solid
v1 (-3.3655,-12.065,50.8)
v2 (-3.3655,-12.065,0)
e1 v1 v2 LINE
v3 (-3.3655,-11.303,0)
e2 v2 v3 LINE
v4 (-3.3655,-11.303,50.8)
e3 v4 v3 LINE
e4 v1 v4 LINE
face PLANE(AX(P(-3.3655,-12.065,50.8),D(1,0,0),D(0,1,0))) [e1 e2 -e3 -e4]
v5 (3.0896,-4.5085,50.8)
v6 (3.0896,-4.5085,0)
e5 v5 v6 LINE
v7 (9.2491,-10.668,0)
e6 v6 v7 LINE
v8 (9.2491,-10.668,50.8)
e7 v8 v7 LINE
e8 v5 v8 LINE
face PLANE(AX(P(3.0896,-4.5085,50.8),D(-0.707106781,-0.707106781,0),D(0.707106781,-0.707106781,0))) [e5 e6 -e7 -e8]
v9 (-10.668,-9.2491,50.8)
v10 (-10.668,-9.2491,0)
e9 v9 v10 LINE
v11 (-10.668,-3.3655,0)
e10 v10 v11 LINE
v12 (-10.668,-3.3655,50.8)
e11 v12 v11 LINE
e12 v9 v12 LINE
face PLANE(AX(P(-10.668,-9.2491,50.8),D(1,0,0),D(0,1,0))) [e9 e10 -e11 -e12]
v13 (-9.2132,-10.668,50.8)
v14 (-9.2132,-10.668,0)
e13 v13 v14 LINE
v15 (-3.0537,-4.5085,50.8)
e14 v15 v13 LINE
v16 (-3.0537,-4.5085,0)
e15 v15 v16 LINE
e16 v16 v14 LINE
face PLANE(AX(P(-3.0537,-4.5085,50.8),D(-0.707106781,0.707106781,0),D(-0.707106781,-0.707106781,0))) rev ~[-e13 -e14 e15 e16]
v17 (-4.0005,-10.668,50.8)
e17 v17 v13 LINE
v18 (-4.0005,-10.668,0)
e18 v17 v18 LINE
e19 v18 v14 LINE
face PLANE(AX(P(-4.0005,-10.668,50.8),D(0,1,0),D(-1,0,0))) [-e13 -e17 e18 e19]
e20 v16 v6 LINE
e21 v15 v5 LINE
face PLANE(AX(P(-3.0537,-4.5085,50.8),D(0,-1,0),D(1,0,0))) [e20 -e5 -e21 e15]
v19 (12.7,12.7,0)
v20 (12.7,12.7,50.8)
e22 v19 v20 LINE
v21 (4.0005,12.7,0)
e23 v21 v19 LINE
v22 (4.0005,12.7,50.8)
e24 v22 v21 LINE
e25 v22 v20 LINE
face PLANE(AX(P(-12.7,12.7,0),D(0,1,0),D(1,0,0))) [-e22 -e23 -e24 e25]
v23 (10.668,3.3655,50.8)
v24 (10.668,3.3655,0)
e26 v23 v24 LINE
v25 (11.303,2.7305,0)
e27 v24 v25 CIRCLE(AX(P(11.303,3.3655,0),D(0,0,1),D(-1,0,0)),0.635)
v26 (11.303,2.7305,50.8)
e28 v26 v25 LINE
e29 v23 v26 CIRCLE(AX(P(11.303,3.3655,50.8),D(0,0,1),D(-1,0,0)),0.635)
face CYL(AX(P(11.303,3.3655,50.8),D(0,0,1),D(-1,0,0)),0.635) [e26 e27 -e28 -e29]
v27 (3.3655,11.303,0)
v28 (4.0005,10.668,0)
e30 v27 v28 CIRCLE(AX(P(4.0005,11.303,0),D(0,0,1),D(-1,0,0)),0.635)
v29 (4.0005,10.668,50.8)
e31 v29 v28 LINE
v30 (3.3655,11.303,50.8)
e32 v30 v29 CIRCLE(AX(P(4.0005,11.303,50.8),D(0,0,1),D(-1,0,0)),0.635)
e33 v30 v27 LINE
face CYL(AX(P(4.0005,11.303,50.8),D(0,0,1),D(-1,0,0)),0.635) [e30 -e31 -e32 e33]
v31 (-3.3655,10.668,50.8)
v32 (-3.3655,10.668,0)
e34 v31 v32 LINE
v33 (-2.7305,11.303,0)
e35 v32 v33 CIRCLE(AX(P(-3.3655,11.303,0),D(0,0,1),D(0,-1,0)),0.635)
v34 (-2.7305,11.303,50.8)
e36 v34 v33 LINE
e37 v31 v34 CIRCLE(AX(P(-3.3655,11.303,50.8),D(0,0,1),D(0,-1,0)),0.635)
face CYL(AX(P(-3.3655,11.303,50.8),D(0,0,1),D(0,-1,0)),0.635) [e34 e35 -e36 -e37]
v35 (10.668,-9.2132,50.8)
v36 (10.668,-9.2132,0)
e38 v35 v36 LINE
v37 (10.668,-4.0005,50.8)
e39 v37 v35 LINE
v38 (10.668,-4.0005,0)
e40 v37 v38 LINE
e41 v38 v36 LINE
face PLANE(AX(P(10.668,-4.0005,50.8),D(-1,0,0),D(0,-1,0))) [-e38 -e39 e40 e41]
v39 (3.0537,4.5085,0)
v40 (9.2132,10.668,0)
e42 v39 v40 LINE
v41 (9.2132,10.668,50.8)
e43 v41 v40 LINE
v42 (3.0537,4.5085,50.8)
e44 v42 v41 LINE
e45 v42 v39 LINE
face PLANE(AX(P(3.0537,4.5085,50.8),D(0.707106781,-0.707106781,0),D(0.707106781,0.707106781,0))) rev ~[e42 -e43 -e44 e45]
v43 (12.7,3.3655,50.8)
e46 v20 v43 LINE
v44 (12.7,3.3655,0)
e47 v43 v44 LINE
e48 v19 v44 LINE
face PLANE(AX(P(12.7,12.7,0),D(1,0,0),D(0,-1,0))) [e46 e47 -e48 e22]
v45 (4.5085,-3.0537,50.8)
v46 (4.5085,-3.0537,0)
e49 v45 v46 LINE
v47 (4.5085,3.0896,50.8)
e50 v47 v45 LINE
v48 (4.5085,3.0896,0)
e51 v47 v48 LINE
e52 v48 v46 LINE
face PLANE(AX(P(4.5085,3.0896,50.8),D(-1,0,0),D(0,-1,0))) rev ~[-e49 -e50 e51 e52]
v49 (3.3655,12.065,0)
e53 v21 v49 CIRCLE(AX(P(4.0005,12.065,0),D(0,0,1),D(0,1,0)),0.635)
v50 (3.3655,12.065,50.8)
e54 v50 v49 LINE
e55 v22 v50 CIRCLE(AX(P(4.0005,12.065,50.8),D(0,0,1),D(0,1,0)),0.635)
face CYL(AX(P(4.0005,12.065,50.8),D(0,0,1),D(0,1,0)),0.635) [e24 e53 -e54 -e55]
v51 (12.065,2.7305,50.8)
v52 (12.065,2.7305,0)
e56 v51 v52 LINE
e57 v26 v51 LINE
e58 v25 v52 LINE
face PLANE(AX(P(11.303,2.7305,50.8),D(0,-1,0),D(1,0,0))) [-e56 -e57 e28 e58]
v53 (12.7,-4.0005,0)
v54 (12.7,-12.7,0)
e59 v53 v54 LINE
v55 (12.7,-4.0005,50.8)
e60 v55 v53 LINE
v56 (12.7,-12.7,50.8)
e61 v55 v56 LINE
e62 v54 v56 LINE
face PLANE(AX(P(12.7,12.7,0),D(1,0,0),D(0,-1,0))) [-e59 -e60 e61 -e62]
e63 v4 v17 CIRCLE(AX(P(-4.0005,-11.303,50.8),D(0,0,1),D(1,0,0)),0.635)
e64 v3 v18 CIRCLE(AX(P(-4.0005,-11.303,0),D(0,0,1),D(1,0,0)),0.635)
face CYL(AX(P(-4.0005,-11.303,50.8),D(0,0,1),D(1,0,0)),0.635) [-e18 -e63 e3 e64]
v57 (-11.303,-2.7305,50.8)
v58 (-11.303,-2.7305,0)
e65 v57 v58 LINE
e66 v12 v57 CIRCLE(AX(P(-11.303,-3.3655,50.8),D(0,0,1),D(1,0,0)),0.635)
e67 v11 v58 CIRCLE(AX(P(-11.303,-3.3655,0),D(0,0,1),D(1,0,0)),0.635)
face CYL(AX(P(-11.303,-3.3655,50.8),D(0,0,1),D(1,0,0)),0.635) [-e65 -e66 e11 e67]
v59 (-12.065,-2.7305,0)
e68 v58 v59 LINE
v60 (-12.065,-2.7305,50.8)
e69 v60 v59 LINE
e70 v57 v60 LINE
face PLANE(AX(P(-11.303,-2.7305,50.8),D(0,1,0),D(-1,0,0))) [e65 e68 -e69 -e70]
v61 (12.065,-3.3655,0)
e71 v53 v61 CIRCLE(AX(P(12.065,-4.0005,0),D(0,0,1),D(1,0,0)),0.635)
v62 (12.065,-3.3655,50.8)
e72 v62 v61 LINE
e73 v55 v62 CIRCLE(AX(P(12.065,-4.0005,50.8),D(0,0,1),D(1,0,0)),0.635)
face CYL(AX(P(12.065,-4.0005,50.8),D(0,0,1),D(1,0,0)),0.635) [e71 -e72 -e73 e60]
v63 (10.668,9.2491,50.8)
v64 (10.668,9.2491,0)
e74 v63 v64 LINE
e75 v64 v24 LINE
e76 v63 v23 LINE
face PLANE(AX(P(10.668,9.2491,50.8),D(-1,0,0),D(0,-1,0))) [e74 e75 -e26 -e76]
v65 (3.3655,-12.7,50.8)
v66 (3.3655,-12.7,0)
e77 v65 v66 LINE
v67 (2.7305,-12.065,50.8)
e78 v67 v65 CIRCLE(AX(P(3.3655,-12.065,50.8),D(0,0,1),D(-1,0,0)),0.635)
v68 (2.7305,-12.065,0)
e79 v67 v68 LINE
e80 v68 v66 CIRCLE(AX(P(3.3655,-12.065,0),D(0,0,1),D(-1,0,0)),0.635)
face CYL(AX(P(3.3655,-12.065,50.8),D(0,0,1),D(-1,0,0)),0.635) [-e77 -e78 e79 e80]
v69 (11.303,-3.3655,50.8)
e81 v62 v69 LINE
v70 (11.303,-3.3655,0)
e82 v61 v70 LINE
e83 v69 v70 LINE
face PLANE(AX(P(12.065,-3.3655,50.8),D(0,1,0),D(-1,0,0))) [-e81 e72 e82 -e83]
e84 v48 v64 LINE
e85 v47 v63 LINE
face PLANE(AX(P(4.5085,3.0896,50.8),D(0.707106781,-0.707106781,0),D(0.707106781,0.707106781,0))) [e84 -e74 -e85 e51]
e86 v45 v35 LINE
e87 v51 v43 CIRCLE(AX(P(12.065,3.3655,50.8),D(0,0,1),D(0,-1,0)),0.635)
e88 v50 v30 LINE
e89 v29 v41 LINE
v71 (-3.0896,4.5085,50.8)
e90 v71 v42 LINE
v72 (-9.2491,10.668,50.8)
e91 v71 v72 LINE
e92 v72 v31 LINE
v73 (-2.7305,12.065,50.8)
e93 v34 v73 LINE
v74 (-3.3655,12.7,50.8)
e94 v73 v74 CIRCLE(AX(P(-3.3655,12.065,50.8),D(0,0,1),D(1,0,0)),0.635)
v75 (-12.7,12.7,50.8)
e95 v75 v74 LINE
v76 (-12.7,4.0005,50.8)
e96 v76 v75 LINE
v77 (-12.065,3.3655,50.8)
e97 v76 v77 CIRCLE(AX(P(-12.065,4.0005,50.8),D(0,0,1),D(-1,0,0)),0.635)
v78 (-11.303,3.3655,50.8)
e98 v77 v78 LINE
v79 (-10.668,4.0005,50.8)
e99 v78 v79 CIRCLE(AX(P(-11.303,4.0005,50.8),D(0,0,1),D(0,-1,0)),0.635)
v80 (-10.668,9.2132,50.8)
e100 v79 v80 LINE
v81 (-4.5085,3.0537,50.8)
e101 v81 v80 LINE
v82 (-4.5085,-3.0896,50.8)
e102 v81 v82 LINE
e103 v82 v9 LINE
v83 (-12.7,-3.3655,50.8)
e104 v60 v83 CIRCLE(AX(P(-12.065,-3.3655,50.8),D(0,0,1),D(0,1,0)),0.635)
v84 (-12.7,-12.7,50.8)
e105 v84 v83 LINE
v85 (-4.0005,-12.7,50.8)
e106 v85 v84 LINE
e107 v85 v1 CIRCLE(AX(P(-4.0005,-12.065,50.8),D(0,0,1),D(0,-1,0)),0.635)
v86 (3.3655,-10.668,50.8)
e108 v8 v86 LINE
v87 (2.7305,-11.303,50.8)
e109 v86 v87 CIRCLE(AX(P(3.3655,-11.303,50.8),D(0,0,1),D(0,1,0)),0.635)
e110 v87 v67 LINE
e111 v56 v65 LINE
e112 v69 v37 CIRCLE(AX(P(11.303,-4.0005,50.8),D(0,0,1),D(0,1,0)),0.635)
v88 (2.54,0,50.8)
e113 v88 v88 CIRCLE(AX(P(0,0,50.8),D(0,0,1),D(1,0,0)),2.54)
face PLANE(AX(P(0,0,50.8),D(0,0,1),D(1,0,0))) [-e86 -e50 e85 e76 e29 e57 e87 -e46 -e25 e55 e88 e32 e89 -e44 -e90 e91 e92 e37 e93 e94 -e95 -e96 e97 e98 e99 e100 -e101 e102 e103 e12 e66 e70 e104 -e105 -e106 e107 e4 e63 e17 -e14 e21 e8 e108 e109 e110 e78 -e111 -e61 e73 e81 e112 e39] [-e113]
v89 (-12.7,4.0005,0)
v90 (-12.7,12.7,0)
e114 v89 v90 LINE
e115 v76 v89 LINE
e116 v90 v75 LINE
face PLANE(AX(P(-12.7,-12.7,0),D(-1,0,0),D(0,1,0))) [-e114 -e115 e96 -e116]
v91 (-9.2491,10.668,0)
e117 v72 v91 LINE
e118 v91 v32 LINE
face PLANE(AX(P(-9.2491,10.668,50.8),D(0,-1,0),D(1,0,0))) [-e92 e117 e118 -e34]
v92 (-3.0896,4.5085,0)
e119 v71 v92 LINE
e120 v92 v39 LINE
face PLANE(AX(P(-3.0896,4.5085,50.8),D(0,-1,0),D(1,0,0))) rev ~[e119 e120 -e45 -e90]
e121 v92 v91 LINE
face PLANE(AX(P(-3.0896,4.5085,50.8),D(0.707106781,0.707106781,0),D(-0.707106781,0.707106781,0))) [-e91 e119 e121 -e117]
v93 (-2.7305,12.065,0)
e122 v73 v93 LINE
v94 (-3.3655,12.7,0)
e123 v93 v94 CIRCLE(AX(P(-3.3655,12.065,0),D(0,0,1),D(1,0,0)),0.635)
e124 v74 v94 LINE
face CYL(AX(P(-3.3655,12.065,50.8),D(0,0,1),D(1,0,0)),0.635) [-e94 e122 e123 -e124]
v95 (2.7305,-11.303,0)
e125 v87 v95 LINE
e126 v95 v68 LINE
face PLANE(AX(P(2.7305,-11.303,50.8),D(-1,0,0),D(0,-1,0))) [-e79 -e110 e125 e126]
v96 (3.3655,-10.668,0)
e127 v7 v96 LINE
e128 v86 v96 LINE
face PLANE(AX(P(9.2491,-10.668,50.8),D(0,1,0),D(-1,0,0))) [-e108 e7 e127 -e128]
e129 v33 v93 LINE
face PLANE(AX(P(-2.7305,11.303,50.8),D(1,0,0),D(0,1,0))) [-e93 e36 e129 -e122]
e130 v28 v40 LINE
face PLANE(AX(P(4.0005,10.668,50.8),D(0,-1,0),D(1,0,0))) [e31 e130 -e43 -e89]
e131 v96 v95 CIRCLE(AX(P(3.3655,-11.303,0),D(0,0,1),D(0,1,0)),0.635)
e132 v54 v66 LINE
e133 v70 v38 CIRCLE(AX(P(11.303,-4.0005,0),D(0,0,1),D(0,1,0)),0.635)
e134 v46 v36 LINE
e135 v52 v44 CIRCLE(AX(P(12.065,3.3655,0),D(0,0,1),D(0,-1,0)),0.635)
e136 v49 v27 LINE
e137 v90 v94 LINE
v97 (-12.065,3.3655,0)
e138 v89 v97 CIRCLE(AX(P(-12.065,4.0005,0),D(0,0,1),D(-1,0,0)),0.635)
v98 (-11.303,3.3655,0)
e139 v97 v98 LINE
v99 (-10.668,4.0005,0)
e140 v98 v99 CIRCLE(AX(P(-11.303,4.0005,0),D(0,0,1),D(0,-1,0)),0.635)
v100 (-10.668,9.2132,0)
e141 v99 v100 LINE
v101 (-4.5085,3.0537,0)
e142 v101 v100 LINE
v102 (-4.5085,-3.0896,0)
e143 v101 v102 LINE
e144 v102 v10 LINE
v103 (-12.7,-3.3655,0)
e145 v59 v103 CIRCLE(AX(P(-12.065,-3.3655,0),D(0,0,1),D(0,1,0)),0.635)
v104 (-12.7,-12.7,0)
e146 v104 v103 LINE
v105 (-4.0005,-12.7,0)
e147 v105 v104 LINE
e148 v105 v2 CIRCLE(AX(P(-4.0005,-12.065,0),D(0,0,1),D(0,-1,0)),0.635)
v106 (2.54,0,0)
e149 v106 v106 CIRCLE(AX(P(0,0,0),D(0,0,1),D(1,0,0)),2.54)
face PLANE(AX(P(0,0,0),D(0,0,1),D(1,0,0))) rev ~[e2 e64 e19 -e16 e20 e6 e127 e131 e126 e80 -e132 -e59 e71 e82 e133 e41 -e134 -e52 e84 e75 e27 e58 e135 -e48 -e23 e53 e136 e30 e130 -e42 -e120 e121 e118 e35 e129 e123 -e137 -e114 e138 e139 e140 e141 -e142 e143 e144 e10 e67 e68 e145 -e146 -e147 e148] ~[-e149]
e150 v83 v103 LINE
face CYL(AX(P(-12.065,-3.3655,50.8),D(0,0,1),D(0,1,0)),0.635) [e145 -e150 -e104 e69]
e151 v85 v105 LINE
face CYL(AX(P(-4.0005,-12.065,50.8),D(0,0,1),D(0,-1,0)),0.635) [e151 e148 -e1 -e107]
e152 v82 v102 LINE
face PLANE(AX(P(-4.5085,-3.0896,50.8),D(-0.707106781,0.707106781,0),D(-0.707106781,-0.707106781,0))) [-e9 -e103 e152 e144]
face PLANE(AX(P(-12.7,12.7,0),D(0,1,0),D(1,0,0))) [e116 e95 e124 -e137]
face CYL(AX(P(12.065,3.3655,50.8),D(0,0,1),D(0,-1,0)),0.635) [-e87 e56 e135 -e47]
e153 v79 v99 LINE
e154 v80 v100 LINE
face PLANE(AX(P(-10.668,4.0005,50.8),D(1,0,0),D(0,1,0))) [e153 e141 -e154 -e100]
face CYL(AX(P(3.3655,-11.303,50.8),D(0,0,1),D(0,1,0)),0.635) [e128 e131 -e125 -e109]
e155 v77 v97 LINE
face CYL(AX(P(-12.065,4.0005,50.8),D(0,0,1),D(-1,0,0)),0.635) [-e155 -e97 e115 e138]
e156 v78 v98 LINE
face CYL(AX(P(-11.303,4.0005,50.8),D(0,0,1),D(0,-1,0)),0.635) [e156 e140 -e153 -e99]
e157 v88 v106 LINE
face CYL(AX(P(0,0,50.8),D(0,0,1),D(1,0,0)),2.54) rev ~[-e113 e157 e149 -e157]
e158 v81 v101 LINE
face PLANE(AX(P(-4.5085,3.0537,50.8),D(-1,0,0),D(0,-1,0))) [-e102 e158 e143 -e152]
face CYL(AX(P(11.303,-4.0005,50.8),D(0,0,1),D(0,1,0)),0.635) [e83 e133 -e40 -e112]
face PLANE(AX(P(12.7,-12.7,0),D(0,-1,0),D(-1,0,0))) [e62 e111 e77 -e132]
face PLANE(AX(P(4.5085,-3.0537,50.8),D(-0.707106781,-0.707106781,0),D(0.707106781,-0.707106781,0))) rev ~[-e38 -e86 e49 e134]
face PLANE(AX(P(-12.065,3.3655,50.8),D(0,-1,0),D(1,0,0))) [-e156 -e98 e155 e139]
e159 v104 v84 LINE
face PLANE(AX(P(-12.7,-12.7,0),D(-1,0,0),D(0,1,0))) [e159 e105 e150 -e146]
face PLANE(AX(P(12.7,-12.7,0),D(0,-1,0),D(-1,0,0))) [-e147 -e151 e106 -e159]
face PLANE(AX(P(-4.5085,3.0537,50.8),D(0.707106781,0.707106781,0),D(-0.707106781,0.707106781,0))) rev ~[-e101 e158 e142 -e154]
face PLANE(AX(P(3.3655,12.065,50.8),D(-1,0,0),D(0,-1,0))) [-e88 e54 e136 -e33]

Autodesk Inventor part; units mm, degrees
ref_plane "YZ Plane" through (0, 0, 0) normal (1, 0, 0) x (0, 1, 0)
ref_plane "XZ Plane" through (0, 0, 0) normal (0, 1, 0) x (-1, 0, 0)
ref_plane "XY Plane" through (0, 0, 0) normal (0, 0, 1) x (1, 0, 0)
sketch "Sketch1" plane through (0, 0, 0) normal (0, 0, 1) x (1, 0, 0)
  line L0 (-12.7, 12.7) -> (12.7, 12.7)
  line L1 (12.7, 12.7) -> (12.7, -12.7)
  line L2 (12.7, -12.7) -> (-12.7, -12.7)
  line L3 (-12.7, -12.7) -> (-12.7, 12.7)
  point P0 (0, 0)
  dimension "d0" = 25.4
  dimension "d1" = 25.4
  dimension "d2" = 12.7
  dimension "d3" = 12.7
extrude "Extrusion1" add sketch "Sketch1" along normal blind 50.8
sketch "Sketch2" plane through (0, 0, 50.8) normal (0, 0, 1) x (1, 0, 0)
  circle A0 centre (0, 0) radius 2.54
  line L0 (-4.5085, 4.5085) -> (4.5085, 4.5085)
  line L1 (-4.5085, -4.5085) -> (4.5085, -4.5085)
  line L2 (4.5085, 4.5085) -> (4.5085, -4.5085)
  line L3 (-4.5085, 4.5085) -> (-4.5085, -4.5085)
  line L4 (-3.0896, 4.5085) -> (-11.2811, 12.7)
  line L5 (-4.5085, 3.0537) -> (-12.7, 11.2452)
  line L6 (12.7, 12.7) -> (-12.7, 12.7) projected
  line L7 (-12.7, 12.7) -> (-12.7, 4.0005)
  line L8 (-10.668, 4.0005) -> (-10.668, 9.2132)
  line L9 (-9.2491, 10.668) -> (-3.3655, 10.668)
  line L10 (-12.7, 12.7) -> (-3.3655, 12.7)
  line L11 (-2.7305, 11.303) -> (-2.7305, 12.065)
  line L12 (-12.065, 3.3655) -> (-11.303, 3.3655)
  arc A1 (-12.7, 4.0005) -> (-12.065, 3.3655) centre (-12.065, 4.0005) ccw
  arc A2 (-11.303, 3.3655) -> (-10.668, 4.0005) centre (-11.303, 4.0005) ccw
  arc A3 (-3.3655, 10.668) -> (-2.7305, 11.303) centre (-3.3655, 11.303) ccw
  arc A4 (-2.7305, 12.065) -> (-3.3655, 12.7) centre (-3.3655, 12.065) ccw
  arc A5 (-3.3655, -11.303) -> (-4.0005, -10.668) centre (-4.0005, -11.303) ccw
  line L13 (-3.3655, -12.065) -> (-3.3655, -11.303)
  arc A6 (-4.0005, -12.7) -> (-3.3655, -12.065) centre (-4.0005, -12.065) ccw
  line L14 (-3.0537, -4.5085) -> (-11.2452, -12.7)
  line L15 (-10.668, -9.2491) -> (-10.668, -3.3655)
  line L16 (-4.5085, -3.0896) -> (-12.7, -11.2811)
  line L17 (-12.7, -12.7) -> (-12.7, -3.3655)
  arc A7 (-10.668, -3.3655) -> (-11.303, -2.7305) centre (-11.303, -3.3655) ccw
  line L18 (-11.303, -2.7305) -> (-12.065, -2.7305)
  arc A8 (-12.065, -2.7305) -> (-12.7, -3.3655) centre (-12.065, -3.3655) ccw
  line L19 (-4.0005, -10.668) -> (-9.2132, -10.668)
  line L20 (-12.7, -12.7) -> (-4.0005, -12.7)
  arc A9 (11.303, -3.3655) -> (10.668, -4.0005) centre (11.303, -4.0005) ccw
  line L21 (12.065, -3.3655) -> (11.303, -3.3655)
  arc A10 (12.7, -4.0005) -> (12.065, -3.3655) centre (12.065, -4.0005) ccw
  line L22 (4.5085, -3.0537) -> (12.7, -11.2452)
  line L23 (9.2491, -10.668) -> (3.3655, -10.668)
  line L24 (3.0896, -4.5085) -> (11.2811, -12.7)
  line L25 (12.7, -12.7) -> (3.3655, -12.7)
  arc A11 (3.3655, -10.668) -> (2.7305, -11.303) centre (3.3655, -11.303) ccw
  line L26 (2.7305, -11.303) -> (2.7305, -12.065)
  arc A12 (2.7305, -12.065) -> (3.3655, -12.7) centre (3.3655, -12.065) ccw
  line L27 (10.668, -4.0005) -> (10.668, -9.2132)
  line L28 (12.7, -12.7) -> (12.7, -4.0005)
  arc A13 (3.3655, 11.303) -> (4.0005, 10.668) centre (4.0005, 11.303) ccw
  line L29 (3.3655, 12.065) -> (3.3655, 11.303)
  arc A14 (4.0005, 12.7) -> (3.3655, 12.065) centre (4.0005, 12.065) ccw
  line L30 (3.0537, 4.5085) -> (11.2452, 12.7)
  line L31 (10.668, 9.2491) -> (10.668, 3.3655)
  line L32 (4.5085, 3.0896) -> (12.7, 11.2811)
  line L33 (12.7, 12.7) -> (12.7, 3.3655)
  arc A15 (10.668, 3.3655) -> (11.303, 2.7305) centre (11.303, 3.3655) ccw
  line L34 (11.303, 2.7305) -> (12.065, 2.7305)
  arc A16 (12.065, 2.7305) -> (12.7, 3.3655) centre (12.065, 3.3655) ccw
  line L35 (4.0005, 10.668) -> (9.2132, 10.668)
  line L36 (12.7, 12.7) -> (4.0005, 12.7)
  line L37 (-4.5085, 3.0537) -> (-4.5085, 4.5085)
  line L38 (-3.0896, 4.5085) -> (-4.5085, 4.5085)
  line L39 (-12.7, -12.7) -> (-4.0005, -12.7)
  line L40 (-4.0005, -10.668) -> (-9.2132, -10.668)
  line L41 (-10.668, -9.2491) -> (-10.668, -3.3655)
  line L42 (-12.7, -12.7) -> (-12.7, -3.3655)
  line L43 (-11.303, -2.7305) -> (-12.065, -2.7305)
  arc A17 (-10.668, -3.3655) -> (-11.303, -2.7305) centre (-11.303, -3.3655) ccw
  arc A18 (-12.065, -2.7305) -> (-12.7, -3.3655) centre (-12.065, -3.3655) ccw
  line L44 (-4.5085, -3.0896) -> (-4.5085, -4.5085)
  line L45 (-4.5085, -3.0896) -> (-12.7, -11.2811)
  line L46 (-3.0537, -4.5085) -> (-4.5085, -4.5085)
  line L47 (-3.0537, -4.5085) -> (-11.2452, -12.7)
  line L48 (-4.5085, -4.5085) -> (-4.5085, 4.5085)
  circle A19 centre (0, 0) radius 2.54
  line L49 (-4.5085, -4.5085) -> (4.5085, -4.5085)
  line L50 (-3.3655, -12.065) -> (-3.3655, -11.303)
  arc A20 (-4.0005, -12.7) -> (-3.3655, -12.065) centre (-4.0005, -12.065) ccw
  arc A21 (-3.3655, -11.303) -> (-4.0005, -10.668) centre (-4.0005, -11.303) ccw
  line L51 (12.7, -12.7) -> (12.7, -4.0005)
  line L52 (10.668, -4.0005) -> (10.668, -9.2132)
  line L53 (9.2491, -10.668) -> (3.3655, -10.668)
  line L54 (12.7, -12.7) -> (3.3655, -12.7)
  line L55 (2.7305, -11.303) -> (2.7305, -12.065)
  arc A22 (3.3655, -10.668) -> (2.7305, -11.303) centre (3.3655, -11.303) ccw
  arc A23 (2.7305, -12.065) -> (3.3655, -12.7) centre (3.3655, -12.065) ccw
  line L56 (3.0896, -4.5085) -> (4.5085, -4.5085)
  line L57 (3.0896, -4.5085) -> (11.2811, -12.7)
  line L58 (4.5085, -3.0537) -> (4.5085, -4.5085)
  line L59 (4.5085, -3.0537) -> (12.7, -11.2452)
  line L60 (4.5085, -4.5085) -> (-4.5085, -4.5085)
  circle A24 centre (0, 0) radius 2.54
  line L61 (4.5085, -4.5085) -> (4.5085, 4.5085)
  line L62 (12.065, -3.3655) -> (11.303, -3.3655)
  arc A25 (12.7, -4.0005) -> (12.065, -3.3655) centre (12.065, -4.0005) ccw
  arc A26 (11.303, -3.3655) -> (10.668, -4.0005) centre (11.303, -4.0005) ccw
  line L63 (12.7, 12.7) -> (4.0005, 12.7)
  line L64 (4.0005, 10.668) -> (9.2132, 10.668)
  line L65 (10.668, 9.2491) -> (10.668, 3.3655)
  line L66 (12.7, 12.7) -> (12.7, 3.3655)
  line L67 (11.303, 2.7305) -> (12.065, 2.7305)
  arc A27 (10.668, 3.3655) -> (11.303, 2.7305) centre (11.303, 3.3655) ccw
  arc A28 (12.065, 2.7305) -> (12.7, 3.3655) centre (12.065, 3.3655) ccw
  line L68 (4.5085, 3.0896) -> (4.5085, 4.5085)
  line L69 (4.5085, 3.0896) -> (12.7, 11.2811)
  line L70 (3.0537, 4.5085) -> (4.5085, 4.5085)
  line L71 (3.0537, 4.5085) -> (11.2452, 12.7)
  line L72 (4.5085, 4.5085) -> (4.5085, -4.5085)
  circle A29 centre (0, 0) radius 2.54
  line L73 (4.5085, 4.5085) -> (-4.5085, 4.5085)
  line L74 (3.3655, 12.065) -> (3.3655, 11.303)
  arc A30 (4.0005, 12.7) -> (3.3655, 12.065) centre (4.0005, 12.065) ccw
  arc A31 (3.3655, 11.303) -> (4.0005, 10.668) centre (4.0005, 11.303) ccw
  point P0 (-12.7, 3.3655)
  point P1 (-2.7305, 12.7)
  point P2 (-3.3655, -12.7)
  point P3 (-12.7, -2.7305)
  point P4 (12.7, -3.3655)
  point P5 (2.7305, -12.7)
  point P6 (3.3655, 12.7)
  point P7 (12.7, 2.7305)
  point P8 (-3.3655, -12.7)
  point P9 (-12.7, -2.7305)
  point P10 (12.7, -3.3655)
  point P11 (2.7305, -12.7)
  point P12 (3.3655, 12.7)
  point P13 (12.7, 2.7305)
  dimension "d6" = 5.08
  dimension "d7" = 9.017
  dimension "d8" = 4.5085
  dimension "d9" = 4.5085
  dimension "d10" = 4.5085
  dimension "d11" = 2.032
  dimension "d12" = 1.0033
  dimension "d13" = 135
  dimension "d17" = 9.3345
  dimension "d19" = 2.032
  dimension "d20" = 2.032
  dimension "d21" = 0.635
  dimension "d22" = 9.3345
  dimension "d25" = 360
  dimension "d29" = 360
extrude "Extrusion2" cut sketch "Sketch2" against normal up to surface (50.8 mm away) contours L3 L5 L7 L6 L4 L0 | L0 L2 L1 L3 | L30 L6 L33 L32 L2 L0 | L4 L6 A4 L11 A3 L9 | L3 L1 L14 L20 L17 L16 | L8 A2 L12 A1 L7 L5 | L35 A13 L29 A14 L6 L30 | L16 L17 A8 L18 A7 L15 | L22 L28 L25 L24 L1 L2 | L32 L33 A16 L34 A15 L31 | L19 A5 L13 A6 L20 L14 | L27 A9 L21 A10 L28 L22 | L24 L25 A12 L26 A11 L23 keep common part
equation "\"d22\" = d17"
properties part number "~2 in 80-20 extrusion"
